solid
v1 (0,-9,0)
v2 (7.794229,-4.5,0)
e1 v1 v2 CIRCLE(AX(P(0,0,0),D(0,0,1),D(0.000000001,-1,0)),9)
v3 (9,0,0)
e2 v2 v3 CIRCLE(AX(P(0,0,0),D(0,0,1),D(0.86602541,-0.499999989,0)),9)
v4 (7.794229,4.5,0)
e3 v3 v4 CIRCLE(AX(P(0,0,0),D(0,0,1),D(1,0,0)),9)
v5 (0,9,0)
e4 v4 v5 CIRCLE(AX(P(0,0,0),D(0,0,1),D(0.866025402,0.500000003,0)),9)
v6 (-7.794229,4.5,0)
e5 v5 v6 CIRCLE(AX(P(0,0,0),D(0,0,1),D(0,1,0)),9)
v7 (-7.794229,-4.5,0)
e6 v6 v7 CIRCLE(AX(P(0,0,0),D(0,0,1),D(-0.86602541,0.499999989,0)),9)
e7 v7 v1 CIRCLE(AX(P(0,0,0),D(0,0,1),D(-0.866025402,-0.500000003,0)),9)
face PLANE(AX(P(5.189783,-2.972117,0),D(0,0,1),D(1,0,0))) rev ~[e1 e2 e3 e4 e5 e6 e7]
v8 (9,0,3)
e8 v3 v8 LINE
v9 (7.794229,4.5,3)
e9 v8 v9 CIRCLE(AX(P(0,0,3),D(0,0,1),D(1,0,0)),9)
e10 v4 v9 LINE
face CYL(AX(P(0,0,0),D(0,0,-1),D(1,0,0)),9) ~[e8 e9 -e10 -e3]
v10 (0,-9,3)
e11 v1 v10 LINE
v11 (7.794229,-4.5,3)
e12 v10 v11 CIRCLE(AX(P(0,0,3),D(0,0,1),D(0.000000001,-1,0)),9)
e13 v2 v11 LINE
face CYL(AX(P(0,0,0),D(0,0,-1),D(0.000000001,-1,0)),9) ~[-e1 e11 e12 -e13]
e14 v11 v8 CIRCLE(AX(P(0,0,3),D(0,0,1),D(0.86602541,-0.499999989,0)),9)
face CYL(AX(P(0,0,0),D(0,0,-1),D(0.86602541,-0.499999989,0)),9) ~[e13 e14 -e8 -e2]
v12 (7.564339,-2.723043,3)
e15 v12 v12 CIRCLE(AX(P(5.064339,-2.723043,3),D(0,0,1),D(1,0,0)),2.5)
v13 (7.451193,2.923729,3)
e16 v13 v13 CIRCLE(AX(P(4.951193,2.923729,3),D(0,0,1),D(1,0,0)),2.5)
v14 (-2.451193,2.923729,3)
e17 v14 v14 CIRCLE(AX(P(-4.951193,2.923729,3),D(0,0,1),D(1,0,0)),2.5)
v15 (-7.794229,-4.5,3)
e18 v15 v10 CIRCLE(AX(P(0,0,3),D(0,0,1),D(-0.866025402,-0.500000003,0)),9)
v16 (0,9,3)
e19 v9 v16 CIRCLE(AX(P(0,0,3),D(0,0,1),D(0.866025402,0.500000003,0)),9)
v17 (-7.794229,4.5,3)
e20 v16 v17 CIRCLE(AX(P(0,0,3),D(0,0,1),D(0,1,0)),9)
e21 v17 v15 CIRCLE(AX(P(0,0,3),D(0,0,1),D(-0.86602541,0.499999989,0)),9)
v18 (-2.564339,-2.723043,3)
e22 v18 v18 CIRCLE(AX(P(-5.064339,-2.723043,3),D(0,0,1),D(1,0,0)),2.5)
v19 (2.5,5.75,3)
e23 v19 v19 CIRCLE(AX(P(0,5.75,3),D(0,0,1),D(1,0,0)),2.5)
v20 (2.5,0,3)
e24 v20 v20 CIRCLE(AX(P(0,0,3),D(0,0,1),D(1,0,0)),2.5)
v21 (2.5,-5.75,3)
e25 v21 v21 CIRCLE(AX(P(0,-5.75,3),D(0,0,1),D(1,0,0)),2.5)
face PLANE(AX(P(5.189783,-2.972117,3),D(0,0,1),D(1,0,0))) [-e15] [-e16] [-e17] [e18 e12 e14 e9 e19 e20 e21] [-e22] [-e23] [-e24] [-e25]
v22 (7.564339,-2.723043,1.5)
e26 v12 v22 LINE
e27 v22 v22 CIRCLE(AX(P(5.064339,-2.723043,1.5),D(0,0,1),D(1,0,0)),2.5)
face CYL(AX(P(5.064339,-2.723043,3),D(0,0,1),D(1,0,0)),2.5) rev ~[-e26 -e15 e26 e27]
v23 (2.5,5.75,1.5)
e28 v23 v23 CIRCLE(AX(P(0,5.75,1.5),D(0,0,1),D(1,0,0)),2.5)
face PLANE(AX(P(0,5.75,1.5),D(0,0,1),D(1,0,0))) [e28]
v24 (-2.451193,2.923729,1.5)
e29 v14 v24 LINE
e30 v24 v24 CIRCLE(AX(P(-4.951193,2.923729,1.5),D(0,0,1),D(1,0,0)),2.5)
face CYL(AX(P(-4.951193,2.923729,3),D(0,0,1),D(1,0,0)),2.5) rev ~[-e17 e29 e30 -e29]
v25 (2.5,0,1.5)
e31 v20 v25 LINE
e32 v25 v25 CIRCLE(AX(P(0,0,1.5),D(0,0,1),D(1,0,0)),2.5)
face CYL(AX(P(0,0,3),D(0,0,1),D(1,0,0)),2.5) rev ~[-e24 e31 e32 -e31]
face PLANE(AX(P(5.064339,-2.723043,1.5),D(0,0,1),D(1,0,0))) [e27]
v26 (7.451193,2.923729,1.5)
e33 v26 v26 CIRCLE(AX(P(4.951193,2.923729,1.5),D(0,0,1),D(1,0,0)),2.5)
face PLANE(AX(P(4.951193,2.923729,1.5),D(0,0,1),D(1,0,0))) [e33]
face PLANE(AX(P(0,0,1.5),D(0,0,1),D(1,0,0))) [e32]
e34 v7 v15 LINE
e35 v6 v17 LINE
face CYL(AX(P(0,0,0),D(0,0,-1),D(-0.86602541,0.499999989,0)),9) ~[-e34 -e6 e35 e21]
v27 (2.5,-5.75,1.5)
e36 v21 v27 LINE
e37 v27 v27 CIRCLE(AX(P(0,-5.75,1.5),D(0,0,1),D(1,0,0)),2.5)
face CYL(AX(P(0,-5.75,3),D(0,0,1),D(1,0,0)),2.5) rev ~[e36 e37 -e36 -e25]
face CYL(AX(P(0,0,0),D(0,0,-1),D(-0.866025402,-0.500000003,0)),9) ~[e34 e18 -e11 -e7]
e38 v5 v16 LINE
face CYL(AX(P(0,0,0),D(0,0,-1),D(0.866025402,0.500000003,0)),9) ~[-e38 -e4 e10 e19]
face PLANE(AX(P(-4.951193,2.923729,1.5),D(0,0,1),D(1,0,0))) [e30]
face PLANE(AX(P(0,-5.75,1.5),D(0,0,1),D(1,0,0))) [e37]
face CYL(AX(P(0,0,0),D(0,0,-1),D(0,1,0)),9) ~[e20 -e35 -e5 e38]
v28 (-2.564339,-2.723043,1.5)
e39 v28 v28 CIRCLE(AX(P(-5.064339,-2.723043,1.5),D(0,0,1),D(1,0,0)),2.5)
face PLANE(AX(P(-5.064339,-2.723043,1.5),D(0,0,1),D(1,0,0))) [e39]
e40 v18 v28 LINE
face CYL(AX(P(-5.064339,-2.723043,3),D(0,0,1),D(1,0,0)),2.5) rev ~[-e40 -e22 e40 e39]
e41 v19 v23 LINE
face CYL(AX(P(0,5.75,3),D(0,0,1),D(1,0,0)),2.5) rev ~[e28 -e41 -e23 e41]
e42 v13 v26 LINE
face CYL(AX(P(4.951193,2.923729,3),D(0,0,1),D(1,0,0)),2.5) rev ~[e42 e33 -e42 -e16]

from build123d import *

# Parameters (mm, degrees)
F1_DEPTH = 3
F2_R     = 2.5
F3_DEPTH = 1.5


with BuildPart() as f1:
    # F0 (on Top) → F1 (new body)
    with BuildSketch(Plane.XY):
        with BuildLine():
            ThreePointArc((2.5980762113, -4.4999999998), (5.1961524816, -6), (7.794228693, -4.4999998979))
            ThreePointArc((7.794228693, -4.4999998979), (8.0939299168, -3.7764570784), (8.1961524227, -3))
            ThreePointArc((8.1961524227, -3), (7.3174727744, -0.8786796646), (5.1961524458, 0))
            ThreePointArc((5.1961524458, 0), (3.6961524382, -0.4019237797), (2.5980762177, -1.4999999891))
            ThreePointArc((2.5980762177, -1.4999999891), (2.1961524227, -2.9999999936), (2.5980762113, -4.4999999998))
        make_face()
        with BuildLine():
            ThreePointArc((-2.5980762009, 4.4999999818), (-5.1961524712, 6), (-7.794228693, 4.4999998979))
            ThreePointArc((-7.794228693, 4.4999998979), (-7.7942286046, 1.4999999489), (-5.1961524227, 0))
            ThreePointArc((-5.1961524227, 0), (-3.6961524372, 0.4019237803), (-2.5980762281, 1.4999999711))
            ThreePointArc((-2.5980762281, 1.4999999711), (-2.2983749482, 2.2235428486), (-2.1961524227, 3))
            ThreePointArc((-2.1961524227, 3), (-2.2983749411, 3.7764571252), (-2.5980762009, 4.4999999818))
        make_face()
        with BuildLine():
            ThreePointArc((2.5980762113, 4.4999999998), (5.1961524057, 6), (7.7942286171, 4.5000000293))
            ThreePointArc((7.7942286171, 4.5000000293), (4.4999999853, 7.7942286425), (0, 9))
            ThreePointArc((0, 9), (2.1213203436, 8.1213203436), (3, 6))
            ThreePointArc((3, 6), (2.8977774788, 5.2235428646), (2.5980762113, 4.4999999998))
        make_face()
        with BuildLine():
            ThreePointArc((2.5980762009, 1.5000000182), (2.1961524227, 3.0000000104), (2.5980762113, 4.4999999998))
            ThreePointArc((2.5980762113, 4.4999999998), (1.500000005, 3.4019237916), (1.18e-08, 3))
            ThreePointArc((1.18e-08, 3), (1.499999996, 2.5980762136), (2.5980762009, 1.5000000182))
        make_face()
        with BuildLine():
            ThreePointArc((-2.5980762009, -4.4999999818), (-2.5980762138, -7.4999999957), (1.12e-08, -9))
            ThreePointArc((1.12e-08, -9), (2.1213203475, -8.1213203396), (3, -6))
            ThreePointArc((3, -6), (2.8977774788, -5.2235428646), (2.5980762113, -4.4999999998))
            ThreePointArc((2.5980762113, -4.4999999998), (1.4999999999, -3.4019237886), (0, -3))
            ThreePointArc((0, -3), (-1.4999999909, -3.4019237834), (-2.5980762009, -4.4999999818))
        make_face()
        with BuildLine():
            ThreePointArc((2.5980762009, 1.5000000182), (1.499999996, 2.5980762136), (1.18e-08, 3))
            ThreePointArc((1.18e-08, 3), (-1.5000000093, 2.598076206), (-2.5980762281, 1.4999999711))
            ThreePointArc((-2.5980762281, 1.4999999711), (-3, -1.83e-08), (-2.5980762097, -1.5000000028))
            ThreePointArc((-2.5980762097, -1.5000000028), (-1.4999999986, -2.5980762122), (0, -3))
            ThreePointArc((0, -3), (1.5000000055, -2.5980762082), (2.5980762177, -1.4999999891))
            ThreePointArc((2.5980762177, -1.4999999891), (2.8977774805, -0.7764571292), (3, 0))
            ThreePointArc((3, 0), (2.8977774762, 0.7764571454), (2.5980762009, 1.5000000182))
        make_face()
        with BuildLine():
            ThreePointArc((8.1961524227, 3), (8.0939298972, 3.7764571516), (7.7942286171, 4.5000000293))
            ThreePointArc((7.7942286171, 4.5000000293), (5.1961524057, 6), (2.5980762113, 4.4999999998))
            ThreePointArc((2.5980762113, 4.4999999998), (2.1961524227, 3.0000000104), (2.5980762009, 1.5000000182))
            ThreePointArc((2.5980762009, 1.5000000182), (3.6961524236, 0.4019237881), (5.1961524458, 0))
            ThreePointArc((5.1961524458, 0), (7.3174727744, 0.8786796646), (8.1961524227, 3))
        make_face()
        with BuildLine():
            ThreePointArc((-2.5980762009, 4.4999999818), (-2.5980762166, 7.4999999909), (0, 9))
            ThreePointArc((0, 9), (-4.5000000511, 7.7942286046), (-7.794228693, 4.4999998979))
            ThreePointArc((-7.794228693, 4.4999998979), (-5.1961524712, 6), (-2.5980762009, 4.4999999818))
        make_face()
        with BuildLine():
            ThreePointArc((-5.1961524227, 0), (-7.7942286046, 1.4999999489), (-7.794228693, 4.4999998979))
            ThreePointArc((-7.794228693, 4.4999998979), (-9, -7.59e-08), (-7.7942286171, -4.5000000293))
            ThreePointArc((-7.7942286171, -4.5000000293), (-7.7942286425, -1.5000000147), (-5.1961524227, 0))
        make_face()
        with BuildLine():
            ThreePointArc((-7.7942286171, -4.5000000293), (-4.4999999805, -7.7942286453), (1.12e-08, -9))
            ThreePointArc((1.12e-08, -9), (-2.5980762138, -7.4999999957), (-2.5980762009, -4.4999999818))
            ThreePointArc((-2.5980762009, -4.4999999818), (-5.1961523953, -6), (-7.7942286171, -4.5000000293))
        make_face()
        with BuildLine():
            ThreePointArc((-5.1961524227, 0), (-7.7942286425, -1.5000000147), (-7.7942286171, -4.5000000293))
            ThreePointArc((-7.7942286171, -4.5000000293), (-5.1961523953, -6), (-2.5980762009, -4.4999999818))
            ThreePointArc((-2.5980762009, -4.4999999818), (-2.2983749411, -3.7764571252), (-2.1961524227, -3))
            ThreePointArc((-2.1961524227, -3), (-2.2983749434, -2.2235428663), (-2.5980762097, -1.5000000028))
            ThreePointArc((-2.5980762097, -1.5000000028), (-3.6961524213, -0.4019237895), (-5.1961524227, 0))
        make_face()
        with BuildLine():
            ThreePointArc((1.12e-08, -9), (4.5000000559, -7.7942286018), (7.794228693, -4.4999998979))
            ThreePointArc((7.794228693, -4.4999998979), (5.1961524816, -6), (2.5980762113, -4.4999999998))
            ThreePointArc((2.5980762113, -4.4999999998), (2.8977774788, -5.2235428646), (3, -6))
            ThreePointArc((3, -6), (2.1213203475, -8.1213203396), (1.12e-08, -9))
        make_face()
        with BuildLine():
            ThreePointArc((7.794228693, -4.4999998979), (8.6933324519, -2.329371349), (9, 0))
            ThreePointArc((9, 0), (8.6933324322, 2.3293714223), (7.7942286171, 4.5000000293))
            ThreePointArc((7.7942286171, 4.5000000293), (8.0939298972, 3.7764571516), (8.1961524227, 3))
            ThreePointArc((8.1961524227, 3), (7.3174727744, 0.8786796646), (5.1961524458, 0))
            ThreePointArc((5.1961524458, 0), (7.3174727744, -0.8786796646), (8.1961524227, -3))
            ThreePointArc((8.1961524227, -3), (8.0939299168, -3.7764570784), (7.794228693, -4.4999998979))
        make_face()
        with BuildLine():
            ThreePointArc((1.18e-08, 3), (-1.4999999858, 3.4019237804), (-2.5980762009, 4.4999999818))
            ThreePointArc((-2.5980762009, 4.4999999818), (-2.2983749411, 3.7764571252), (-2.1961524227, 3))
            ThreePointArc((-2.1961524227, 3), (-2.2983749482, 2.2235428486), (-2.5980762281, 1.4999999711))
            ThreePointArc((-2.5980762281, 1.4999999711), (-1.5000000093, 2.598076206), (1.18e-08, 3))
        make_face()
        with BuildLine():
            ThreePointArc((-2.5980762281, 1.4999999711), (-3.6961524372, 0.4019237803), (-5.1961524227, 0))
            ThreePointArc((-5.1961524227, 0), (-3.6961524213, -0.4019237895), (-2.5980762097, -1.5000000028))
            ThreePointArc((-2.5980762097, -1.5000000028), (-3, -1.83e-08), (-2.5980762281, 1.4999999711))
        make_face()
        with BuildLine():
            ThreePointArc((-2.1961524227, -3), (-2.2983749411, -3.7764571252), (-2.5980762009, -4.4999999818))
            ThreePointArc((-2.5980762009, -4.4999999818), (-1.4999999909, -3.4019237834), (0, -3))
            ThreePointArc((0, -3), (-1.4999999986, -2.5980762122), (-2.5980762097, -1.5000000028))
            ThreePointArc((-2.5980762097, -1.5000000028), (-2.2983749434, -2.2235428663), (-2.1961524227, -3))
        make_face()
        with BuildLine():
            ThreePointArc((0, -3), (1.4999999999, -3.4019237886), (2.5980762113, -4.4999999998))
            ThreePointArc((2.5980762113, -4.4999999998), (2.1961524227, -2.9999999936), (2.5980762177, -1.4999999891))
            ThreePointArc((2.5980762177, -1.4999999891), (1.5000000055, -2.5980762082), (0, -3))
        make_face()
        with BuildLine():
            ThreePointArc((2.5980762177, -1.4999999891), (3.6961524382, -0.4019237797), (5.1961524458, 0))
            ThreePointArc((5.1961524458, 0), (3.6961524236, 0.4019237881), (2.5980762009, 1.5000000182))
            ThreePointArc((2.5980762009, 1.5000000182), (2.8977774762, 0.7764571454), (3, 0))
            ThreePointArc((3, 0), (2.8977774805, -0.7764571292), (2.5980762177, -1.4999999891))
        make_face()
        with BuildLine():
            ThreePointArc((3, 6), (2.1213203436, 8.1213203436), (0, 9))
            ThreePointArc((0, 9), (-2.5980762166, 7.4999999909), (-2.5980762009, 4.4999999818))
            ThreePointArc((-2.5980762009, 4.4999999818), (-1.4999999858, 3.4019237804), (1.18e-08, 3))
            ThreePointArc((1.18e-08, 3), (1.500000005, 3.4019237916), (2.5980762113, 4.4999999998))
            ThreePointArc((2.5980762113, 4.4999999998), (2.8977774788, 5.2235428646), (3, 6))
        make_face()
    extrude(amount=F1_DEPTH)

    # F2 (on face) → F3 (cut)
    with BuildSketch(Plane.XY.offset(3)):
        with Locations((0, 5.75)):
            Circle(F2_R)
        with Locations((-4.9511927679, 2.9237288136)):
            Circle(F2_R)
        Circle(F2_R)
        with Locations((-5.0643394649, -2.7230434783)):
            Circle(F2_R)
        with Locations((0, -5.75)):
            Circle(F2_R)
        with Locations((5.0643394649, -2.7230434783)):
            Circle(F2_R)
        with Locations((4.9511927679, 2.9237288136)):
            Circle(F2_R)
    extrude(amount=-F3_DEPTH, mode=Mode.SUBTRACT)


solid = f1.part
